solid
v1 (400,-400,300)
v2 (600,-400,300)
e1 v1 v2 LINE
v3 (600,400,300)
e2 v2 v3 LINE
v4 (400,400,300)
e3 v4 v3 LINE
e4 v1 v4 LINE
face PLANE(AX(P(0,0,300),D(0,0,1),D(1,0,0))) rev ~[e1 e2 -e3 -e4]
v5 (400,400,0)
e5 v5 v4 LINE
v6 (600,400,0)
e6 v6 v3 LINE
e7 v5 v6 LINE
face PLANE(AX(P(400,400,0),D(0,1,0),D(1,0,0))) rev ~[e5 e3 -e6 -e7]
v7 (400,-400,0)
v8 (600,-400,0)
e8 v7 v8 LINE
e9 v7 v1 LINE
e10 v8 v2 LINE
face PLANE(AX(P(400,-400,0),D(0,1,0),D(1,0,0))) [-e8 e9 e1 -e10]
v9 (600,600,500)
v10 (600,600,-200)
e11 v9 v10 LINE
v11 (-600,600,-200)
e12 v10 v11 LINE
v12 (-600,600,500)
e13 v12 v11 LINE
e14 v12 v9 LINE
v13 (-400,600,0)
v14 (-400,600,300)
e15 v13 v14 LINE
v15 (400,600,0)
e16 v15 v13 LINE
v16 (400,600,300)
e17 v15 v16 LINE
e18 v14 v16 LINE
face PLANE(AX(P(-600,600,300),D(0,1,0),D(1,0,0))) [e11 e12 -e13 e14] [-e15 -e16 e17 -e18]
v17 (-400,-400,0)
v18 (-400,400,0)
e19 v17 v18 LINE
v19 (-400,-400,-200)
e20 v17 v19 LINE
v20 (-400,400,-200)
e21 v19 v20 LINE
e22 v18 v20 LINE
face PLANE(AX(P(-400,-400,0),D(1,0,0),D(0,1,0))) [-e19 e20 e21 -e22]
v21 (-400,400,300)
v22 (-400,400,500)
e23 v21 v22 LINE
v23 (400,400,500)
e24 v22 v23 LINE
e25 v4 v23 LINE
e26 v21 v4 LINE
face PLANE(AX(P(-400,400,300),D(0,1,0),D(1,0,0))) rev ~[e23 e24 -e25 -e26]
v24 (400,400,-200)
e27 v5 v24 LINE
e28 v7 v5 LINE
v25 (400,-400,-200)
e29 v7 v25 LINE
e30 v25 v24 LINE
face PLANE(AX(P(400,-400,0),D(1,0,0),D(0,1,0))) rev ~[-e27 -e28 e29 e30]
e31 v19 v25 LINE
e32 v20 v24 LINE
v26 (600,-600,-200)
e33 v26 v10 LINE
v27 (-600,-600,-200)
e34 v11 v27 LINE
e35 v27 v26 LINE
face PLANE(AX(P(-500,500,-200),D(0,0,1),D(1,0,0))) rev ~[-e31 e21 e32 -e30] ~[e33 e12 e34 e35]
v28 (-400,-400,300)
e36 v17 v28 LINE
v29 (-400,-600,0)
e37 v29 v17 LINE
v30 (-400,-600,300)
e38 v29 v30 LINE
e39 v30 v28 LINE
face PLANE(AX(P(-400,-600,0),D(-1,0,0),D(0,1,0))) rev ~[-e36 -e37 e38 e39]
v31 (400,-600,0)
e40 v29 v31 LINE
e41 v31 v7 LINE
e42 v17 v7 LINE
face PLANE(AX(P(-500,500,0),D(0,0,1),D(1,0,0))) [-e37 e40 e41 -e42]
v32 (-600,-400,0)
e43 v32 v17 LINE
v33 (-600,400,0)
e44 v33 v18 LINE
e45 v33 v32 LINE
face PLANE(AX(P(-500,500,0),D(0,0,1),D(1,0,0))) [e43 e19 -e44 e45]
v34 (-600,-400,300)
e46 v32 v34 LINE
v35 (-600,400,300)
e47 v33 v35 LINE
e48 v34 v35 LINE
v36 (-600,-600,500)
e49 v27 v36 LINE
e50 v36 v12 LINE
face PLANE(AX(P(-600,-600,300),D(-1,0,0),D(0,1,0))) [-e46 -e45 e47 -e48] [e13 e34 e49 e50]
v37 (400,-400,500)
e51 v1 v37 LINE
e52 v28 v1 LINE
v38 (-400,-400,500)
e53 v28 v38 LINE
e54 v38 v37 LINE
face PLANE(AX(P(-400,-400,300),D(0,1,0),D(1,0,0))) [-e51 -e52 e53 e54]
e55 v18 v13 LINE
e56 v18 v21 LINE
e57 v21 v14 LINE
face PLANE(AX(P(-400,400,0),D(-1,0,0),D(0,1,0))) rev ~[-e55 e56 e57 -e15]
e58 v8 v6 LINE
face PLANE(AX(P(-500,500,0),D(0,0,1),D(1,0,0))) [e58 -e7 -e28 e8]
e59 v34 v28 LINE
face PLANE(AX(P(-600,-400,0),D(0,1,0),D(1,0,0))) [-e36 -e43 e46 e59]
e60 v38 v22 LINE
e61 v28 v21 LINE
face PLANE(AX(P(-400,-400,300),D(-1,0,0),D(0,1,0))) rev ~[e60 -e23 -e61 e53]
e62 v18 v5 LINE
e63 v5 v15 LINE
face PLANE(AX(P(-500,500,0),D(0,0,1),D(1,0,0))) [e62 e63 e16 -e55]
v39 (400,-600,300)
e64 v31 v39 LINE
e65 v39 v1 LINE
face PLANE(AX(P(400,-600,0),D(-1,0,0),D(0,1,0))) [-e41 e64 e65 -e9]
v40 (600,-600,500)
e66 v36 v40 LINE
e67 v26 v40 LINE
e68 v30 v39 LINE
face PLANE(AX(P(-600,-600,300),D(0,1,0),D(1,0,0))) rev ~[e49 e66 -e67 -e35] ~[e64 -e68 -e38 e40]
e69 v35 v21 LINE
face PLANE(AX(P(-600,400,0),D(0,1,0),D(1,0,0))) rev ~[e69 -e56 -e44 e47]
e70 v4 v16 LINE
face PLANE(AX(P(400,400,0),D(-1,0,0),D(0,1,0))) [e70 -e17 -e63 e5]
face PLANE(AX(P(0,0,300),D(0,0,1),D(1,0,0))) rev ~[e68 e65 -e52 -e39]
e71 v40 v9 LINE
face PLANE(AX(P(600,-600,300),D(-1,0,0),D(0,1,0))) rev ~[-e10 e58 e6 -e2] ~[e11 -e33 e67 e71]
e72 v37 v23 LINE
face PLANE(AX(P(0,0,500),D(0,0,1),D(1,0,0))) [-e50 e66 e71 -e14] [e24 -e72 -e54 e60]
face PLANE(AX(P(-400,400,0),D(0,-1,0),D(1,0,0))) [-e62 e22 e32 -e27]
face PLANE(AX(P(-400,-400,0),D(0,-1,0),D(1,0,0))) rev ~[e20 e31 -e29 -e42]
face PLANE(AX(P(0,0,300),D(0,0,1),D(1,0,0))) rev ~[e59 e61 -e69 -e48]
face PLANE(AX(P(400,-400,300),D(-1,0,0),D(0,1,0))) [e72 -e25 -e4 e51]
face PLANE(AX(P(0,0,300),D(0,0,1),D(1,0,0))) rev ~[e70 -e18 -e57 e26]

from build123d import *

# Parameters (mm, degrees)
F0_W     = 200
F0_H     = 200
F0_W_2   = 800
F0_H_2   = 800
F1_DEPTH = 200
F2_DEPTH = 300
F3_DEPTH = 200.001
F4_W     = 1200
F4_H     = 1200
F4_W_2   = 800
F4_H_2   = 800
F5_DEPTH = 200


with BuildPart() as f1:
    # F0 (on Top) → F1 (new body)
    with BuildSketch(Plane.XY):
        with Locations((-500, 500)):
            Rectangle(F0_W, F0_H)
        with Locations((0, 500)):
            Rectangle(F0_W_2, F0_H)
        with Locations((500, 500)):
            Rectangle(F0_W, F0_H)
        with Locations((500, 0)):
            Rectangle(F0_W, F0_H_2)
        Rectangle(F0_W_2, F0_H_2)
        with Locations((-500, 0)):
            Rectangle(F0_W, F0_H_2)
        with Locations((-500, -500)):
            Rectangle(F0_W, F0_H)
        with Locations((0, -500)):
            Rectangle(F0_W_2, F0_H)
        with Locations((500, -500)):
            Rectangle(F0_W, F0_H)
    extrude(amount=-F1_DEPTH)

    # F0 (on Top) → F2 (join)
    with BuildSketch(Plane.XY):
        with Locations((-500, -500)):
            Rectangle(F0_W, F0_H)
        with Locations((500, -500)):
            Rectangle(F0_W, F0_H)
        with Locations((500, 500)):
            Rectangle(F0_W, F0_H)
        with Locations((-500, 500)):
            Rectangle(F0_W, F0_H)
    extrude(amount=F2_DEPTH)

    # F0 (on Top) → F3 (cut, through all)
    with BuildSketch(Plane.XY):
        Rectangle(F0_W_2, F0_H_2)
    extrude(amount=-F3_DEPTH, mode=Mode.SUBTRACT)

    # F4 (on face) → F5 (join)
    with BuildSketch(Plane.XY.offset(300)):
        Rectangle(F4_W, F4_H)
        Rectangle(F4_W_2, F4_H_2, mode=Mode.SUBTRACT)
        Polygon((-600, -600), (600, -600), (600, -400), (600, 600), (-600, 600), align=None)
        Rectangle(F4_W_2, F4_H_2, mode=Mode.SUBTRACT)
    extrude(amount=F5_DEPTH)


solid = f1.part
